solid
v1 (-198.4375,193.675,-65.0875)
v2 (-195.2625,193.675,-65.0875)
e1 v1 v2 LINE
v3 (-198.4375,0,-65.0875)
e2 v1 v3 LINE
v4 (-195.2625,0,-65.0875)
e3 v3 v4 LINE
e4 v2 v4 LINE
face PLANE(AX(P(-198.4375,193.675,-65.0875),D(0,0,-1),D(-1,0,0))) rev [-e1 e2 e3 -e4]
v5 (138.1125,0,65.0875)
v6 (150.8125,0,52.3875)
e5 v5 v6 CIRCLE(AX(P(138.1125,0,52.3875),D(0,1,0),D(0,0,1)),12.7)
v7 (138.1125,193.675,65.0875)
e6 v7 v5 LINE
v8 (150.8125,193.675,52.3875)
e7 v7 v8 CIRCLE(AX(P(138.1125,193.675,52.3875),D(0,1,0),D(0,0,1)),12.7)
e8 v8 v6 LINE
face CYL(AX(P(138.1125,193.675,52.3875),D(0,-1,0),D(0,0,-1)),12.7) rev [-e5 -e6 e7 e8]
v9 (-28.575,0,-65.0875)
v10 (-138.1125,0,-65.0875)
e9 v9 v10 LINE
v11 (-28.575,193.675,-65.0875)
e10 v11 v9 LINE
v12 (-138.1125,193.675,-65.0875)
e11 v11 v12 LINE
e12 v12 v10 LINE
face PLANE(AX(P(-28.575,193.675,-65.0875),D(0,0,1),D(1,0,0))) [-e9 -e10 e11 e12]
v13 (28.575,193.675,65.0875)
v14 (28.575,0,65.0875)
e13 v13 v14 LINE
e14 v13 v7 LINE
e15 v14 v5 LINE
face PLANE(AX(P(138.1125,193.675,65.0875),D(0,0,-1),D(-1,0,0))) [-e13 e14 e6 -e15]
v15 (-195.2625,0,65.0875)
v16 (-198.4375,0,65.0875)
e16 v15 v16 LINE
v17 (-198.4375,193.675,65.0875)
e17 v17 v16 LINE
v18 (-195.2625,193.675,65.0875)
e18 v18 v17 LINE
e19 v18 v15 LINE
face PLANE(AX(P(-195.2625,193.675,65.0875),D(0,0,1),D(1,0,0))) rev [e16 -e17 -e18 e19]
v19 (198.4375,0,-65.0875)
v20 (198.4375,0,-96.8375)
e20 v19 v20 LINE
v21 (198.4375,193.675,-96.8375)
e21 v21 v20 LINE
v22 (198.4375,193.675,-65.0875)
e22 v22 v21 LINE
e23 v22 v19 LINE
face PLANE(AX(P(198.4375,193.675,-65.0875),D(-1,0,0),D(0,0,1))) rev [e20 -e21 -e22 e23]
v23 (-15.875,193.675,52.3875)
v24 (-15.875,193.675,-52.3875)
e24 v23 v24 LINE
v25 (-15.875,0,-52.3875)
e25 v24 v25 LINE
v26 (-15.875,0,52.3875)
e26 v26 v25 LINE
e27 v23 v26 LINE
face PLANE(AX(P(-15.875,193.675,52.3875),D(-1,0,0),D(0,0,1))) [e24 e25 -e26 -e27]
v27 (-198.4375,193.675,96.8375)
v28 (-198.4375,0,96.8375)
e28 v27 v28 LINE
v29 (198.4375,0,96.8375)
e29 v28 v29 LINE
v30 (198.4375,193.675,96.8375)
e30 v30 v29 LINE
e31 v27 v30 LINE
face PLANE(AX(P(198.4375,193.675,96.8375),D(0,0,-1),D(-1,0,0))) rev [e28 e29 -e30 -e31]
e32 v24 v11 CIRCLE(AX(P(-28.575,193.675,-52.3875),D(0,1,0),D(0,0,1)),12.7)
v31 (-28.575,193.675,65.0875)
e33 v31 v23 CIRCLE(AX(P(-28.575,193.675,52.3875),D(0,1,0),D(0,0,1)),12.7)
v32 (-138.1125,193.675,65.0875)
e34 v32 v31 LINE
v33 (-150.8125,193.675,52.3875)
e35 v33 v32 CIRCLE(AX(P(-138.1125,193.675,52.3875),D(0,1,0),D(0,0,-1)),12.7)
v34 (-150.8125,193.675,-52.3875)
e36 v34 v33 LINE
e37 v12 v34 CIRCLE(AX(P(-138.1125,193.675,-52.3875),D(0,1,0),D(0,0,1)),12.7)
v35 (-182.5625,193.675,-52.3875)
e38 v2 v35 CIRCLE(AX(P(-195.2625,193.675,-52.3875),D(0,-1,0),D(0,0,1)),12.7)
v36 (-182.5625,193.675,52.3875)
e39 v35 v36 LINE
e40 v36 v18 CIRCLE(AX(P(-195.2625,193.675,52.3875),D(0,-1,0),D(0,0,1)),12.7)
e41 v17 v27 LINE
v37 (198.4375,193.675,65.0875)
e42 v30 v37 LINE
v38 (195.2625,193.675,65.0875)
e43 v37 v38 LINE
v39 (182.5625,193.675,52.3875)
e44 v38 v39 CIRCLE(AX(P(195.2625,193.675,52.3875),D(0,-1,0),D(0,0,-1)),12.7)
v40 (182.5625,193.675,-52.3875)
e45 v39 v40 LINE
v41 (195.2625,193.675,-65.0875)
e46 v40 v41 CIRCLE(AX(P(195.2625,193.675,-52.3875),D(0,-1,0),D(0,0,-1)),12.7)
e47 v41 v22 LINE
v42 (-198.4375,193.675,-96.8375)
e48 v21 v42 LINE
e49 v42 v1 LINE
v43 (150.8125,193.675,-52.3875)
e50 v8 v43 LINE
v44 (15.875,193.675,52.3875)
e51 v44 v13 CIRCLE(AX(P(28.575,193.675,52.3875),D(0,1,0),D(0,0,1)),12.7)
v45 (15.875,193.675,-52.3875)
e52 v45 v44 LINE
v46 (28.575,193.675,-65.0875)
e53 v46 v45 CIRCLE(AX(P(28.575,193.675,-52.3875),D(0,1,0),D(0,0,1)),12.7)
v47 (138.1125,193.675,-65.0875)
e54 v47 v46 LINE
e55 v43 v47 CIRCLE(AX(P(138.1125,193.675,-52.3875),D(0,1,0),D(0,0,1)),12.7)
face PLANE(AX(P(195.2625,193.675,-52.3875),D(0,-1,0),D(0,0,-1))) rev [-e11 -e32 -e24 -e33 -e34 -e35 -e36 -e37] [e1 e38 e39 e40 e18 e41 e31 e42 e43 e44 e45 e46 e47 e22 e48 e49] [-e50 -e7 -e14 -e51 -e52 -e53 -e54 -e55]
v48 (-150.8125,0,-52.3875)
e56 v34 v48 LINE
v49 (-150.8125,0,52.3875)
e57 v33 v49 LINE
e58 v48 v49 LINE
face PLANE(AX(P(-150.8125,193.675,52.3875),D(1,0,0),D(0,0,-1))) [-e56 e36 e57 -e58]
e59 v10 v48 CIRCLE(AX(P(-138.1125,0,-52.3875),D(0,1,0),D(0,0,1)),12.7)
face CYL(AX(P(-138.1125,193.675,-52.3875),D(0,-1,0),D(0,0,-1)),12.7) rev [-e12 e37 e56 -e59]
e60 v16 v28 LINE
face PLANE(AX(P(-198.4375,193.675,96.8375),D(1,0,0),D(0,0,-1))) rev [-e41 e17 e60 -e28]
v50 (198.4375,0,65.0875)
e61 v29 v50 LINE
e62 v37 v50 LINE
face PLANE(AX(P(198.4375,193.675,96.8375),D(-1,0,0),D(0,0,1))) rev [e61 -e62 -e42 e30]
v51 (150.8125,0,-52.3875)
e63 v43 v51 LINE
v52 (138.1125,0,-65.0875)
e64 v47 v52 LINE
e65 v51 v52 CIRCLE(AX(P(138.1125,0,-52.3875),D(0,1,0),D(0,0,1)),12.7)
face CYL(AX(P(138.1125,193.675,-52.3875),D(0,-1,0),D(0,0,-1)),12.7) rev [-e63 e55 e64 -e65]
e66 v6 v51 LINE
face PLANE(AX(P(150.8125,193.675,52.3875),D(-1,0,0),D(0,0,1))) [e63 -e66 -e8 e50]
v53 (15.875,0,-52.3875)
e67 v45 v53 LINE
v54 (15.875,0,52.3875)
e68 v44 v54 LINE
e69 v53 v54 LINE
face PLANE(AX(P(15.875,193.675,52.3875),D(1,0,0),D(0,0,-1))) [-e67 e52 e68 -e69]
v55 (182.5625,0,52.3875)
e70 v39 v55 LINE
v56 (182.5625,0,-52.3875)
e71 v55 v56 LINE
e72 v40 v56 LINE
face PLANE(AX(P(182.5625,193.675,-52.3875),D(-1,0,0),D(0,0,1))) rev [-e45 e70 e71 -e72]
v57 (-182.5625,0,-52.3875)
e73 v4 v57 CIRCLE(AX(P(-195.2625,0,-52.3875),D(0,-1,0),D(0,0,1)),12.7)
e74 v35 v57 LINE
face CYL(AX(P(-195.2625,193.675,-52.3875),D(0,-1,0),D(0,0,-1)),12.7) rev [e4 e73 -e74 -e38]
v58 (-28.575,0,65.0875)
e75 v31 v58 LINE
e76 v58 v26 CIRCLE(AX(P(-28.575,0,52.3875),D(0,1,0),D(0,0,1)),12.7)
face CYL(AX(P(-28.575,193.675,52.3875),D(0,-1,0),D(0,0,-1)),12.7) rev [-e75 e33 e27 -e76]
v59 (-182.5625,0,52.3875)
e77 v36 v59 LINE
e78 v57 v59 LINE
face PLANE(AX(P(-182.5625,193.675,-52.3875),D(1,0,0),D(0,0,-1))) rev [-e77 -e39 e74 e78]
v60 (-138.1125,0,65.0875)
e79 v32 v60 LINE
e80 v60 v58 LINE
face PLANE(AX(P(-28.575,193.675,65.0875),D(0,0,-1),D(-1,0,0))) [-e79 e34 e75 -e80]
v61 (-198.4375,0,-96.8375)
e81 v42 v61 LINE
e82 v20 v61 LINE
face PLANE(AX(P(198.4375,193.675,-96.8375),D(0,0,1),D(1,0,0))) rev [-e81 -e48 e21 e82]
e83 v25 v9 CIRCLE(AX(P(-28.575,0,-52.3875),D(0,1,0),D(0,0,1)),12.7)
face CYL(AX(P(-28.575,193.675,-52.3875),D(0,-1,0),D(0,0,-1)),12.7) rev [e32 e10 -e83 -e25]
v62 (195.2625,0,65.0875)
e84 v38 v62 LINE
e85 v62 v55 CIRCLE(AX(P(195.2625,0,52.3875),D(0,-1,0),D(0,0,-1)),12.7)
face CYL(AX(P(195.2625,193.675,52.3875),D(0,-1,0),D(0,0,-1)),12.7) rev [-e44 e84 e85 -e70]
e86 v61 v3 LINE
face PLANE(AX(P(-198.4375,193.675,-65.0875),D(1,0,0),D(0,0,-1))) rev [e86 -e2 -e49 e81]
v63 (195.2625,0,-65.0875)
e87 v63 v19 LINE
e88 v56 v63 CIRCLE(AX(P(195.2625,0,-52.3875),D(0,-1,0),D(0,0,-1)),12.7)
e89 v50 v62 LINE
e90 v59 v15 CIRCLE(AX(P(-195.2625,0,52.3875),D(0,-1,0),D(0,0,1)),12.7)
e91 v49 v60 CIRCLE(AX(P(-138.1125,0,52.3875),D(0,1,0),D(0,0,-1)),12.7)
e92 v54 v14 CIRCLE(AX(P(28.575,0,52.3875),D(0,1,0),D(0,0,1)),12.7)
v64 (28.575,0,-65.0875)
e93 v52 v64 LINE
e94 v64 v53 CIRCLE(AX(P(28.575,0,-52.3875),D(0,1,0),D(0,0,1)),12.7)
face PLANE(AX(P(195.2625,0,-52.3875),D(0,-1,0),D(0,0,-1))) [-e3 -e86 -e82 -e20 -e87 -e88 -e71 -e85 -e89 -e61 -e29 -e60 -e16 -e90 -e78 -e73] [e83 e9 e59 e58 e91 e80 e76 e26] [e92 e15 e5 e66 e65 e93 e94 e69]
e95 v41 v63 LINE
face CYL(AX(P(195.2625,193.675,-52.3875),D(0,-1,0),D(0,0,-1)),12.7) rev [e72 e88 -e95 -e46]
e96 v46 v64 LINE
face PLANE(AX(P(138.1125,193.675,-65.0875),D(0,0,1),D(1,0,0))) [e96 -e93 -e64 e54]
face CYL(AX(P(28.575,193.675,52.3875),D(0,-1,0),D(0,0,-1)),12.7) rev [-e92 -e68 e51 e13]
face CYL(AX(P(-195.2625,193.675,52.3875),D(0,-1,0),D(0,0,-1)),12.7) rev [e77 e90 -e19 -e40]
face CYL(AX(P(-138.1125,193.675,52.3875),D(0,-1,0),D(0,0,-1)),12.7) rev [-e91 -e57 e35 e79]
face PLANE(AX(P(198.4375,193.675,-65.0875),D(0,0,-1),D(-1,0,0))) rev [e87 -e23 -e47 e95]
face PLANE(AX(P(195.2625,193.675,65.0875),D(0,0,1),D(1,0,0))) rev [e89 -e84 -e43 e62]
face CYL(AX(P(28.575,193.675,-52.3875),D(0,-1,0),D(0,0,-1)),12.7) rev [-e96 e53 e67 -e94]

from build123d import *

# Parameters (mm, degrees)
EXTRUDE1_DEPTH = 193.675


with BuildPart() as part:
    # Sketch1 → Extrude1 (new body)
    with BuildSketch(Plane(origin=(0, 0, 0), x_dir=(1, 0, 0), z_dir=(0, 1, 0))):
        with BuildLine():
            Line((-198.4375, 65.0875), (-195.2625, 65.0875))
            ThreePointArc((-195.2625, 65.0875), (-186.282243879, 61.367756121), (-182.5625, 52.3875))
            Line((-182.5625, 52.3875), (-182.5625, -52.3875))
            ThreePointArc((-182.5625, -52.3875), (-186.282243879, -61.367756121), (-195.2625, -65.0875))
            Line((-195.2625, -65.0875), (-198.4375, -65.0875))
            Line((-198.4375, -65.0875), (-198.4375, -96.8375))
            Line((-198.4375, -96.8375), (198.4375, -96.8375))
            Line((198.4375, -96.8375), (198.4375, -65.0875))
            Line((198.4375, -65.0875), (195.2625, -65.0875))
            ThreePointArc((195.2625, -65.0875), (186.282243879, -61.367756121), (182.5625, -52.3875))
            Line((182.5625, -52.3875), (182.5625, 52.3875))
            ThreePointArc((182.5625, 52.3875), (186.282243879, 61.367756121), (195.2625, 65.0875))
            Line((195.2625, 65.0875), (198.4375, 65.0875))
            Line((198.4375, 65.0875), (198.4375, 96.8375))
            Line((198.4375, 96.8375), (-198.4375, 96.8375))
            Line((-198.4375, 96.8375), (-198.4375, 65.0875))
        make_face()
        with BuildLine():
            Line((-28.575, -65.0875), (-138.1125, -65.0875))
            ThreePointArc((-138.1125, -65.0875), (-147.092756121, -61.367756121), (-150.8125, -52.3875))
            Line((-150.8125, -52.3875), (-150.8125, 52.3875))
            ThreePointArc((-150.8125, 52.3875), (-147.092756121, 61.367756121), (-138.1125, 65.0875))
            Line((-138.1125, 65.0875), (-28.575, 65.0875))
            ThreePointArc((-28.575, 65.0875), (-19.594743879, 61.367756121), (-15.875, 52.3875))
            Line((-15.875, 52.3875), (-15.875, -52.3875))
            ThreePointArc((-15.875, -52.3875), (-19.594743879, -61.367756121), (-28.575, -65.0875))
        make_face(mode=Mode.SUBTRACT)
        with BuildLine():
            Line((138.1125, -65.0875), (28.575, -65.0875))
            ThreePointArc((28.575, -65.0875), (19.594743879, -61.367756121), (15.875, -52.3875))
            Line((15.875, -52.3875), (15.875, 52.3875))
            ThreePointArc((15.875, 52.3875), (19.594743879, 61.367756121), (28.575, 65.0875))
            Line((28.575, 65.0875), (138.1125, 65.0875))
            ThreePointArc((138.1125, 65.0875), (147.092756121, 61.367756121), (150.8125, 52.3875))
            Line((150.8125, 52.3875), (150.8125, -52.3875))
            ThreePointArc((150.8125, -52.3875), (147.092756121, -61.367756121), (138.1125, -65.0875))
        make_face(mode=Mode.SUBTRACT)
    extrude(amount=EXTRUDE1_DEPTH)


solid = part.part
